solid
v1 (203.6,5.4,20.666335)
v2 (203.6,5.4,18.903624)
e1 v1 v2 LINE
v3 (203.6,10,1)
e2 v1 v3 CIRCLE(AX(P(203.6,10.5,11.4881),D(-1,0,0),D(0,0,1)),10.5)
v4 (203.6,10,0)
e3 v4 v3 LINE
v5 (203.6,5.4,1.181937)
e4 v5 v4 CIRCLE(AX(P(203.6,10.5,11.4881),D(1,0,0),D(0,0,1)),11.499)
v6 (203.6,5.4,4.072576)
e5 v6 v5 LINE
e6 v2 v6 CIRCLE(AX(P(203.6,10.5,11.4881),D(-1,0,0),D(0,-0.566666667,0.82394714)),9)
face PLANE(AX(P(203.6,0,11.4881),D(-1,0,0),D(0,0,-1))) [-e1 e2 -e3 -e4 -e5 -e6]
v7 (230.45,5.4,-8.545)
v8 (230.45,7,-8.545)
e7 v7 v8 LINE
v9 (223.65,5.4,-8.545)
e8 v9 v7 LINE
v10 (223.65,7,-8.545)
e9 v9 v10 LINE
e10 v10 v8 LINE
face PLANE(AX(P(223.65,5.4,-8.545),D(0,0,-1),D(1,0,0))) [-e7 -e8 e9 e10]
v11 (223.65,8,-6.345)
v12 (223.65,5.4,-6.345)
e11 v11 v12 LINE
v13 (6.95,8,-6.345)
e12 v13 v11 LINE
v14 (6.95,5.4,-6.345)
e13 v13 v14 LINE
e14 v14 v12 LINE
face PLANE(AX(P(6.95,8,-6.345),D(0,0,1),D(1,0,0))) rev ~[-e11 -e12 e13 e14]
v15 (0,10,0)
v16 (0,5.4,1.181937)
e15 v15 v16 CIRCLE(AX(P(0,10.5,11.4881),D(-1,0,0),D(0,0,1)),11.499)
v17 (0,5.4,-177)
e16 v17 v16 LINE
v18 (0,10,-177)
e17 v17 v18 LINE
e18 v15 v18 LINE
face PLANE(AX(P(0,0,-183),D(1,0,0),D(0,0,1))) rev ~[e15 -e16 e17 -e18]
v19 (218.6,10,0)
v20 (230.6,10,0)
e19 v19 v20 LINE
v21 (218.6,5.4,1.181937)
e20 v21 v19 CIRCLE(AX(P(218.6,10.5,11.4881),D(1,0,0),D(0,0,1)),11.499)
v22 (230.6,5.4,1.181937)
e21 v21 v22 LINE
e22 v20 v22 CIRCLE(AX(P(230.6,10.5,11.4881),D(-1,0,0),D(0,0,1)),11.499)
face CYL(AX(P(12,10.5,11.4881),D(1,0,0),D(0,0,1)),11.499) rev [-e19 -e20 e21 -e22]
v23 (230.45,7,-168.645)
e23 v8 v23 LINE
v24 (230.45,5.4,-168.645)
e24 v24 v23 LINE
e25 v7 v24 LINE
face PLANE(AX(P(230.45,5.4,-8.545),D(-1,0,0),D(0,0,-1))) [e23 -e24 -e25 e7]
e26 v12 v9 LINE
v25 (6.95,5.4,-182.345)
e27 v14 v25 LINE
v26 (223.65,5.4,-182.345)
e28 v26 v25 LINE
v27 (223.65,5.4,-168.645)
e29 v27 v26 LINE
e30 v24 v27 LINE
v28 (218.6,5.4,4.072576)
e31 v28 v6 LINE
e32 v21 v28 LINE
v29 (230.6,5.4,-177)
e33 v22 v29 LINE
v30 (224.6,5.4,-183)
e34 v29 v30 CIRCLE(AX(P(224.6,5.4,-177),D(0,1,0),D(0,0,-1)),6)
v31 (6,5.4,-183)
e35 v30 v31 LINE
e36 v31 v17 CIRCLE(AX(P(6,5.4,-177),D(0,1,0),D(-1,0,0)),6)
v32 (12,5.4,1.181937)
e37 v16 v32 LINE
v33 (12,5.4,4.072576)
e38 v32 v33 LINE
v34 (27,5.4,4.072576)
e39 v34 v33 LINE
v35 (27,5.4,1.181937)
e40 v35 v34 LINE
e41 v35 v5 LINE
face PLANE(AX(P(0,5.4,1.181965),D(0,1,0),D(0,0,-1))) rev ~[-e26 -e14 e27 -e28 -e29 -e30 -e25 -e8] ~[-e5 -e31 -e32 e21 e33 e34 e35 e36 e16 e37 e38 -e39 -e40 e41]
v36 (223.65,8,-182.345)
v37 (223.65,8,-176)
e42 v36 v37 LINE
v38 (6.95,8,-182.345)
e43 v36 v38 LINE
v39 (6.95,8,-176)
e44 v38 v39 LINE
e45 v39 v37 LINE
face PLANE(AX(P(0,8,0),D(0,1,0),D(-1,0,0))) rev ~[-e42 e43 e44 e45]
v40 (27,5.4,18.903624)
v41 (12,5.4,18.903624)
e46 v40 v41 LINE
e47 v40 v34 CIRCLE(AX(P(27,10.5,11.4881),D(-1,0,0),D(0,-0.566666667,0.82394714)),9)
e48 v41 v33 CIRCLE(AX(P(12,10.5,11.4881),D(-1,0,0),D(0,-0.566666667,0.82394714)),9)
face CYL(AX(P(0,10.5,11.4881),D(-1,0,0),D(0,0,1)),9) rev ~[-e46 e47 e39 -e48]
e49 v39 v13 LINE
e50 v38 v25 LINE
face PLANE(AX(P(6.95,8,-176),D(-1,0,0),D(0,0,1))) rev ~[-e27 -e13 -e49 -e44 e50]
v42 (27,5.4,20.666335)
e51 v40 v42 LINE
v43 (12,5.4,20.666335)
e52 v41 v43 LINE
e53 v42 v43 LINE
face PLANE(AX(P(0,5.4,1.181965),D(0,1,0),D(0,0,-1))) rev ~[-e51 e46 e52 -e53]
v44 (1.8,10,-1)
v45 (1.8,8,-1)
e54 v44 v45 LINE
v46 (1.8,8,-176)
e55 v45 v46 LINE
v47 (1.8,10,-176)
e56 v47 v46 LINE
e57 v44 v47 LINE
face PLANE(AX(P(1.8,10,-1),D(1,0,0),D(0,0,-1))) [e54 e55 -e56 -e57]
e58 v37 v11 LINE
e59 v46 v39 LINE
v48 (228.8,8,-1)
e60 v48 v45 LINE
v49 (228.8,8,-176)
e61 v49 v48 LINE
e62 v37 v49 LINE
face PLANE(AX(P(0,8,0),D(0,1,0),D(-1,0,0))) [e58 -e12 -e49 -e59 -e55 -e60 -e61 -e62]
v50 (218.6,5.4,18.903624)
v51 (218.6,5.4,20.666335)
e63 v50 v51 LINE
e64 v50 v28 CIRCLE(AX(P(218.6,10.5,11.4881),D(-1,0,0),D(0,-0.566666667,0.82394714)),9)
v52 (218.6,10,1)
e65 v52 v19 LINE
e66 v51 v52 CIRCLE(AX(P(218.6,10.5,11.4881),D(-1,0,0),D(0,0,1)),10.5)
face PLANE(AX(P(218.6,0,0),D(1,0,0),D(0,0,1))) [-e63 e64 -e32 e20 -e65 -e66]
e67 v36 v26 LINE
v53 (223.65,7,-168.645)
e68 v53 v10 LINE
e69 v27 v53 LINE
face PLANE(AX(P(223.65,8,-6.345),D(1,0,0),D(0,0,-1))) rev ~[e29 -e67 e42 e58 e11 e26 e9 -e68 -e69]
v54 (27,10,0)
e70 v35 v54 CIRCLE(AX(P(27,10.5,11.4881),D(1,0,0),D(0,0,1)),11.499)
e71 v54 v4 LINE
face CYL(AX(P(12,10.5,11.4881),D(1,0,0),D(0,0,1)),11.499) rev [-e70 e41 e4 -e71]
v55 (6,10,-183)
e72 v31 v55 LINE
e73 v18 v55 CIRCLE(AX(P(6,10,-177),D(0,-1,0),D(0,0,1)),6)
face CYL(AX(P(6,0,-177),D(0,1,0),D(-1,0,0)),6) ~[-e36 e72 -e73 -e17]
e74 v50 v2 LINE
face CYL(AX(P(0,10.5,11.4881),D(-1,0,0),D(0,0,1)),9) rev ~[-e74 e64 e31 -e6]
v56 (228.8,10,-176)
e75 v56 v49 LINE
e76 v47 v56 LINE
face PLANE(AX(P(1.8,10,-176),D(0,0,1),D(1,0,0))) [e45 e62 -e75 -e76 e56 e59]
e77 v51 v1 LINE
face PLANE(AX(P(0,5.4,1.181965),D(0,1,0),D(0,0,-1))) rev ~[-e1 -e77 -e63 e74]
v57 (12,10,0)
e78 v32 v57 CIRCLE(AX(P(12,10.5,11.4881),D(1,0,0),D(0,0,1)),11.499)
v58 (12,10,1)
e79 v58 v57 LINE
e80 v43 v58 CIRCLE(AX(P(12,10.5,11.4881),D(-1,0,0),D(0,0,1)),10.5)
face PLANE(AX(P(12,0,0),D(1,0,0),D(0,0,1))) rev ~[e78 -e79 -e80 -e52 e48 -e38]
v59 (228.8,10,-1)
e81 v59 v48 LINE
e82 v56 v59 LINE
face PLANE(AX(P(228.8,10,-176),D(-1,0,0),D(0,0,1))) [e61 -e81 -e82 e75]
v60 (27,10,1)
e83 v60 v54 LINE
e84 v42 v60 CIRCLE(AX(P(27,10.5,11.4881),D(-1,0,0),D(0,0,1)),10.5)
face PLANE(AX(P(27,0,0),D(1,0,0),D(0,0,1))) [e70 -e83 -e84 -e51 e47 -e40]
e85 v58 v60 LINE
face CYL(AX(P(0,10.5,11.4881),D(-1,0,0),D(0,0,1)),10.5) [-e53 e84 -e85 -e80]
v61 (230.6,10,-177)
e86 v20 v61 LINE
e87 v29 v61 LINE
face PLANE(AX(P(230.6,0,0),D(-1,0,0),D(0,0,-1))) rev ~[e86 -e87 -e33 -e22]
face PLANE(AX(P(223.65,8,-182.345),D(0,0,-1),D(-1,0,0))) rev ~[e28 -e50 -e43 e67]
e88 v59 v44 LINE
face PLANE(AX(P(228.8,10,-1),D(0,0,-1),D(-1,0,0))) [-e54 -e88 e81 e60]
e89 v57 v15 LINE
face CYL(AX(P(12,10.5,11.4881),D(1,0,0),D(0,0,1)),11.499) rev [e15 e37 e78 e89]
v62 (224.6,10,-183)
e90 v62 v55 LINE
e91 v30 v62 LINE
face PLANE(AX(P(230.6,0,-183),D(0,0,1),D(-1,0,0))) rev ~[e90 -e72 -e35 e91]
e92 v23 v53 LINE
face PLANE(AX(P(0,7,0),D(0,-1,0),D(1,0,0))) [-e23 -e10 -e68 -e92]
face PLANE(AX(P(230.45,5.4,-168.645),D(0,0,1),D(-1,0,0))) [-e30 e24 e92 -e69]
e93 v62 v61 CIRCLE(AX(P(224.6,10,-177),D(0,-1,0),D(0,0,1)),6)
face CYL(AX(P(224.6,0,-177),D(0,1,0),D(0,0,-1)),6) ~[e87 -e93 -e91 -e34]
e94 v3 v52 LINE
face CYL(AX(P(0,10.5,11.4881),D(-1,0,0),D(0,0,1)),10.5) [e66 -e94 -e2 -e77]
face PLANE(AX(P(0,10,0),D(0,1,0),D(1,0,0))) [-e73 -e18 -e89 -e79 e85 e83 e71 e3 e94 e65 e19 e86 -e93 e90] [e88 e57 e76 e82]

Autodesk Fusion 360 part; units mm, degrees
sketch "Sketch1" plane through (0, 0, 0) normal (0, 1, 0) x (1, 0, 0)
  line L0 (0, 0) -> (230.6, 0)
  line L1 (230.6, 0) -> (230.6, 183)
  line L2 (230.6, 183) -> (0, 183)
  line L3 (0, 183) -> (0, 0)
  dimension "d1" = 230.6
  dimension "d2" = 183
extrude "Extrude1" add sketch "Sketch1" along normal blind 10
sketch "Sketch9" plane through (0, 0, 0) normal (-1, 0, 0) x (0, 0, 1)
  line L0 (-183, 0) -> (0, 0)
  line L1 (0, 0) -> (0, 10)
  line L2 (0, 10) -> (-183, 10)
  line L3 (-183, 10) -> (-183, 0)
  circle A0 centre (11.4881, 10.5) radius 10.5
  line L4 (11.4881, 0) -> (0, 0)
  circle A1 centre (11.4881, 10.5) radius 9
  line L5 (0, 0) -> (1, 0)
  line L6 (1, 0) -> (1, 10)
  line L7 (1, 10) -> (0, 10)
  line L8 (0, 10) -> (0, 0)
  dimension "d69" = 21
  dimension "d70" = 18
  dimension "d94" = 1
extrude "Extrude8" add sketch "Sketch9" against normal up to surface (230.6 mm away) contours L1 L4 L5 L6 L7 L8 | A0 L4 L6 | A0
sketch "Sketch10" plane through (0, 0, 0) normal (0, -1, 0) x (1, 0, 0)
  line L0 (230.6, -183) -> (230.6, 11.4881)
  line L1 (230.6, 11.4881) -> (0, 11.4881)
  line L2 (0, 11.4881) -> (0, -183)
  line L3 (230.6, 0) -> (218.6, 0)
  line L4 (218.6, 0) -> (218.6, 22)
  line L5 (218.6, 22) -> (230.6, 22)
  line L6 (230.6, 22) -> (230.6, 0)
  line L7 (203.6, 0) -> (27, 0)
  line L8 (27, 0) -> (27, 22)
  line L9 (27, 22) -> (203.6, 22)
  line L10 (203.6, 22) -> (203.6, 0)
  line L11 (0, 0) -> (12, 0)
  line L12 (12, 0) -> (12, 22)
  line L13 (12, 22) -> (0, 22)
  line L14 (0, 22) -> (0, 0)
  line L15 (0, -183) -> (230.6, -183)
  dimension "d73" = 22
  dimension "d74" = 12
  dimension "d75" = 12
  dimension "d76" = 15
  dimension "d77" = 15
extrude "Extrude9" cut sketch "Sketch10" against normal through all contours L0 L1 L3 L4 L6 | L1 L4 L5 L6 | L1 L2 L11 L12 L14 | L1 L12 L13 L14 | L1 L7 L8 L10 | L1 L8 L9 L10
sketch "Sketch11" plane through (0, 10, 0) normal (0, 1, 0) x (-1, 0, 0)
  line L0 (0, -183) -> (0, 0)
  line L1 (-1.8, -176) -> (-228.8, -176)
  line L2 (-228.8, -176) -> (-228.8, -1)
  line L3 (-228.8, -1) -> (-1.8, -1)
  line L4 (-1.8, -1) -> (-1.8, -176)
  line L5 (-115.3, -124.4699) -> (-115.3, -51.5615) construction
  line L6 (-230.6, 0) -> (-230.6, -183)
  line L7 (-230.6, -183) -> (0, -183)
  line L8 (-12, 0) -> (-12, 1)
  line L9 (-12, 1) -> (-27, 1)
  line L10 (-27, 1) -> (-27, 0)
  line L11 (-27, 0) -> (-203.6, 0)
  line L12 (-203.6, 0) -> (-203.6, 1)
  line L13 (-203.6, 1) -> (-218.6, 1)
  line L14 (-218.6, 1) -> (-218.6, 0)
  line L15 (-218.6, 0) -> (-230.6, 0)
  line L16 (0, 0) -> (-12, 0)
  dimension "d79" = 227
  dimension "d80" = 175
  dimension "d100" = 1
extrude "Extrude10" cut sketch "Sketch11" against normal blind 2 contours L1 L2 L3 L4
sketch "Sketch12" plane through (0, 8, 0) normal (0, 1, 0) x (-1, 0, 0)
  line L0 (-1.8, -1) -> (-228.8, -1)
  line L1 (-1.8, -176) -> (-1.8, -1)
  line L2 (-6.95, -6.345) -> (-223.65, -6.345)
  line L3 (-223.65, -6.345) -> (-223.65, -182.345)
  line L4 (-223.65, -182.345) -> (-6.95, -182.345)
  line L5 (-6.95, -182.345) -> (-6.95, -6.345)
  line L6 (-10.47, -167.125) -> (-220.13, -167.125)
  line L7 (-220.13, -167.125) -> (-220.13, -9.875)
  line L8 (-220.13, -9.875) -> (-10.47, -9.875)
  line L9 (-10.47, -9.875) -> (-10.47, -167.125)
  line L10 (-83.8338, -88.5) -> (-143.8338, -88.5) construction
  line L11 (-115.3, -111.7944) -> (-115.3, -61.4121) construction
  line L12 (-228.8, -1) -> (-228.8, -176)
  line L13 (-228.8, -176) -> (-1.8, -176)
  dimension "d84" = 176
  dimension "d85" = 216.7
  dimension "d86" = 209.66
  dimension "d87" = 157.25
  dimension "d88" = 3.52
  dimension "d89" = 3.53
extrude "Extrude11" cut sketch "Sketch12" against normal blind 2.6 contours L2 L3 L5 L13 | L3 L4 L5 L13 | L6 L7 L8 L9
fillet "Fillet1" radius 6 2 edges at (0, 5, -183) (230.6, 5, -183)
sketch "Sketch15" plane through (12, 0, 0) normal (-1, 0, 0) x (0, 0, 1)
  line L0 (1, 10) -> (0, 10)
  line L1 (0, 10) -> (0, 0)
  line L2 (0, 0) -> (11.4881, 0)
  arc A0 (11.4881, 0) -> (1, 10) centre (11.4881, 10.5) ccw
  circle A1 centre (11.4881, 10.5) radius 9
  circle A2 centre (11.4881, 10.5) radius 11.499
  line L3 (0, 0) -> (6.8002, 0)
extrude "Extrude14" add sketch "Sketch15" along normal blind 12 and the other way blind 218.6 contours L1 L2 A2 L3
sketch "Sketch13" plane through (0, 0, 0) normal (-1, 0, 0) x (0, 0, 1)
  line L0 (-177, 10) -> (-177, 0)
  line L1 (-177, 0) -> (6.8002, 0)
  line L2 (0, 10) -> (-177, 10)
  line L3 (-187, -4.6) -> (23, -4.6)
  line L4 (23, -4.6) -> (23, 5.4)
  line L5 (23, 5.4) -> (-187, 5.4)
  line L6 (-187, 5.4) -> (-187, -4.6)
  arc A0 (0, 10) -> (6.8002, 0) centre (11.4881, 10.5) ccw
  dimension "d95" = 4.6
  dimension "d96" = 10
  dimension "d97" = 10
  dimension "d98" = 210
extrude "Extrude12" cut sketch "Sketch13" against normal through all contours L0 L1 L5 A0 | L0 L1 L3 L4 L5 L6 A0
sketch "Sketch14" plane through (0, 5.4, 0) normal (0, -1, 0) x (1, 0, 0)
  line L0 (218.6, 18.9036) -> (218.6, 20.6663)
  line L1 (12, 18.9036) -> (27, 18.9036)
  line L2 (203.6, 20.6663) -> (203.6, 18.9036)
  line L3 (27, 18.9036) -> (27, 20.6663)
  line L4 (12, 20.6663) -> (12, 18.9036)
  line L5 (27, 20.6663) -> (12, 20.6663)
  line L6 (203.6, 18.9036) -> (218.6, 18.9036)
  line L7 (218.6, 20.6663) -> (203.6, 20.6663)
  line L8 (223.65, -8.545) -> (230.45, -8.545)
  line L9 (230.45, -8.545) -> (230.45, -168.645)
  line L10 (230.45, -168.645) -> (223.65, -168.645)
  line L11 (223.65, -168.645) -> (223.65, -8.545)
  line L12 (223.65, -182.345) -> (223.65, -6.345)
  dimension "d101" = 6.8
  dimension "d102" = 2.2
  dimension "d103" = 160.1
extrude "Extrude13" cut sketch "Sketch14" against normal blind 1.6 contours L8 L9 L10 L11 L12
